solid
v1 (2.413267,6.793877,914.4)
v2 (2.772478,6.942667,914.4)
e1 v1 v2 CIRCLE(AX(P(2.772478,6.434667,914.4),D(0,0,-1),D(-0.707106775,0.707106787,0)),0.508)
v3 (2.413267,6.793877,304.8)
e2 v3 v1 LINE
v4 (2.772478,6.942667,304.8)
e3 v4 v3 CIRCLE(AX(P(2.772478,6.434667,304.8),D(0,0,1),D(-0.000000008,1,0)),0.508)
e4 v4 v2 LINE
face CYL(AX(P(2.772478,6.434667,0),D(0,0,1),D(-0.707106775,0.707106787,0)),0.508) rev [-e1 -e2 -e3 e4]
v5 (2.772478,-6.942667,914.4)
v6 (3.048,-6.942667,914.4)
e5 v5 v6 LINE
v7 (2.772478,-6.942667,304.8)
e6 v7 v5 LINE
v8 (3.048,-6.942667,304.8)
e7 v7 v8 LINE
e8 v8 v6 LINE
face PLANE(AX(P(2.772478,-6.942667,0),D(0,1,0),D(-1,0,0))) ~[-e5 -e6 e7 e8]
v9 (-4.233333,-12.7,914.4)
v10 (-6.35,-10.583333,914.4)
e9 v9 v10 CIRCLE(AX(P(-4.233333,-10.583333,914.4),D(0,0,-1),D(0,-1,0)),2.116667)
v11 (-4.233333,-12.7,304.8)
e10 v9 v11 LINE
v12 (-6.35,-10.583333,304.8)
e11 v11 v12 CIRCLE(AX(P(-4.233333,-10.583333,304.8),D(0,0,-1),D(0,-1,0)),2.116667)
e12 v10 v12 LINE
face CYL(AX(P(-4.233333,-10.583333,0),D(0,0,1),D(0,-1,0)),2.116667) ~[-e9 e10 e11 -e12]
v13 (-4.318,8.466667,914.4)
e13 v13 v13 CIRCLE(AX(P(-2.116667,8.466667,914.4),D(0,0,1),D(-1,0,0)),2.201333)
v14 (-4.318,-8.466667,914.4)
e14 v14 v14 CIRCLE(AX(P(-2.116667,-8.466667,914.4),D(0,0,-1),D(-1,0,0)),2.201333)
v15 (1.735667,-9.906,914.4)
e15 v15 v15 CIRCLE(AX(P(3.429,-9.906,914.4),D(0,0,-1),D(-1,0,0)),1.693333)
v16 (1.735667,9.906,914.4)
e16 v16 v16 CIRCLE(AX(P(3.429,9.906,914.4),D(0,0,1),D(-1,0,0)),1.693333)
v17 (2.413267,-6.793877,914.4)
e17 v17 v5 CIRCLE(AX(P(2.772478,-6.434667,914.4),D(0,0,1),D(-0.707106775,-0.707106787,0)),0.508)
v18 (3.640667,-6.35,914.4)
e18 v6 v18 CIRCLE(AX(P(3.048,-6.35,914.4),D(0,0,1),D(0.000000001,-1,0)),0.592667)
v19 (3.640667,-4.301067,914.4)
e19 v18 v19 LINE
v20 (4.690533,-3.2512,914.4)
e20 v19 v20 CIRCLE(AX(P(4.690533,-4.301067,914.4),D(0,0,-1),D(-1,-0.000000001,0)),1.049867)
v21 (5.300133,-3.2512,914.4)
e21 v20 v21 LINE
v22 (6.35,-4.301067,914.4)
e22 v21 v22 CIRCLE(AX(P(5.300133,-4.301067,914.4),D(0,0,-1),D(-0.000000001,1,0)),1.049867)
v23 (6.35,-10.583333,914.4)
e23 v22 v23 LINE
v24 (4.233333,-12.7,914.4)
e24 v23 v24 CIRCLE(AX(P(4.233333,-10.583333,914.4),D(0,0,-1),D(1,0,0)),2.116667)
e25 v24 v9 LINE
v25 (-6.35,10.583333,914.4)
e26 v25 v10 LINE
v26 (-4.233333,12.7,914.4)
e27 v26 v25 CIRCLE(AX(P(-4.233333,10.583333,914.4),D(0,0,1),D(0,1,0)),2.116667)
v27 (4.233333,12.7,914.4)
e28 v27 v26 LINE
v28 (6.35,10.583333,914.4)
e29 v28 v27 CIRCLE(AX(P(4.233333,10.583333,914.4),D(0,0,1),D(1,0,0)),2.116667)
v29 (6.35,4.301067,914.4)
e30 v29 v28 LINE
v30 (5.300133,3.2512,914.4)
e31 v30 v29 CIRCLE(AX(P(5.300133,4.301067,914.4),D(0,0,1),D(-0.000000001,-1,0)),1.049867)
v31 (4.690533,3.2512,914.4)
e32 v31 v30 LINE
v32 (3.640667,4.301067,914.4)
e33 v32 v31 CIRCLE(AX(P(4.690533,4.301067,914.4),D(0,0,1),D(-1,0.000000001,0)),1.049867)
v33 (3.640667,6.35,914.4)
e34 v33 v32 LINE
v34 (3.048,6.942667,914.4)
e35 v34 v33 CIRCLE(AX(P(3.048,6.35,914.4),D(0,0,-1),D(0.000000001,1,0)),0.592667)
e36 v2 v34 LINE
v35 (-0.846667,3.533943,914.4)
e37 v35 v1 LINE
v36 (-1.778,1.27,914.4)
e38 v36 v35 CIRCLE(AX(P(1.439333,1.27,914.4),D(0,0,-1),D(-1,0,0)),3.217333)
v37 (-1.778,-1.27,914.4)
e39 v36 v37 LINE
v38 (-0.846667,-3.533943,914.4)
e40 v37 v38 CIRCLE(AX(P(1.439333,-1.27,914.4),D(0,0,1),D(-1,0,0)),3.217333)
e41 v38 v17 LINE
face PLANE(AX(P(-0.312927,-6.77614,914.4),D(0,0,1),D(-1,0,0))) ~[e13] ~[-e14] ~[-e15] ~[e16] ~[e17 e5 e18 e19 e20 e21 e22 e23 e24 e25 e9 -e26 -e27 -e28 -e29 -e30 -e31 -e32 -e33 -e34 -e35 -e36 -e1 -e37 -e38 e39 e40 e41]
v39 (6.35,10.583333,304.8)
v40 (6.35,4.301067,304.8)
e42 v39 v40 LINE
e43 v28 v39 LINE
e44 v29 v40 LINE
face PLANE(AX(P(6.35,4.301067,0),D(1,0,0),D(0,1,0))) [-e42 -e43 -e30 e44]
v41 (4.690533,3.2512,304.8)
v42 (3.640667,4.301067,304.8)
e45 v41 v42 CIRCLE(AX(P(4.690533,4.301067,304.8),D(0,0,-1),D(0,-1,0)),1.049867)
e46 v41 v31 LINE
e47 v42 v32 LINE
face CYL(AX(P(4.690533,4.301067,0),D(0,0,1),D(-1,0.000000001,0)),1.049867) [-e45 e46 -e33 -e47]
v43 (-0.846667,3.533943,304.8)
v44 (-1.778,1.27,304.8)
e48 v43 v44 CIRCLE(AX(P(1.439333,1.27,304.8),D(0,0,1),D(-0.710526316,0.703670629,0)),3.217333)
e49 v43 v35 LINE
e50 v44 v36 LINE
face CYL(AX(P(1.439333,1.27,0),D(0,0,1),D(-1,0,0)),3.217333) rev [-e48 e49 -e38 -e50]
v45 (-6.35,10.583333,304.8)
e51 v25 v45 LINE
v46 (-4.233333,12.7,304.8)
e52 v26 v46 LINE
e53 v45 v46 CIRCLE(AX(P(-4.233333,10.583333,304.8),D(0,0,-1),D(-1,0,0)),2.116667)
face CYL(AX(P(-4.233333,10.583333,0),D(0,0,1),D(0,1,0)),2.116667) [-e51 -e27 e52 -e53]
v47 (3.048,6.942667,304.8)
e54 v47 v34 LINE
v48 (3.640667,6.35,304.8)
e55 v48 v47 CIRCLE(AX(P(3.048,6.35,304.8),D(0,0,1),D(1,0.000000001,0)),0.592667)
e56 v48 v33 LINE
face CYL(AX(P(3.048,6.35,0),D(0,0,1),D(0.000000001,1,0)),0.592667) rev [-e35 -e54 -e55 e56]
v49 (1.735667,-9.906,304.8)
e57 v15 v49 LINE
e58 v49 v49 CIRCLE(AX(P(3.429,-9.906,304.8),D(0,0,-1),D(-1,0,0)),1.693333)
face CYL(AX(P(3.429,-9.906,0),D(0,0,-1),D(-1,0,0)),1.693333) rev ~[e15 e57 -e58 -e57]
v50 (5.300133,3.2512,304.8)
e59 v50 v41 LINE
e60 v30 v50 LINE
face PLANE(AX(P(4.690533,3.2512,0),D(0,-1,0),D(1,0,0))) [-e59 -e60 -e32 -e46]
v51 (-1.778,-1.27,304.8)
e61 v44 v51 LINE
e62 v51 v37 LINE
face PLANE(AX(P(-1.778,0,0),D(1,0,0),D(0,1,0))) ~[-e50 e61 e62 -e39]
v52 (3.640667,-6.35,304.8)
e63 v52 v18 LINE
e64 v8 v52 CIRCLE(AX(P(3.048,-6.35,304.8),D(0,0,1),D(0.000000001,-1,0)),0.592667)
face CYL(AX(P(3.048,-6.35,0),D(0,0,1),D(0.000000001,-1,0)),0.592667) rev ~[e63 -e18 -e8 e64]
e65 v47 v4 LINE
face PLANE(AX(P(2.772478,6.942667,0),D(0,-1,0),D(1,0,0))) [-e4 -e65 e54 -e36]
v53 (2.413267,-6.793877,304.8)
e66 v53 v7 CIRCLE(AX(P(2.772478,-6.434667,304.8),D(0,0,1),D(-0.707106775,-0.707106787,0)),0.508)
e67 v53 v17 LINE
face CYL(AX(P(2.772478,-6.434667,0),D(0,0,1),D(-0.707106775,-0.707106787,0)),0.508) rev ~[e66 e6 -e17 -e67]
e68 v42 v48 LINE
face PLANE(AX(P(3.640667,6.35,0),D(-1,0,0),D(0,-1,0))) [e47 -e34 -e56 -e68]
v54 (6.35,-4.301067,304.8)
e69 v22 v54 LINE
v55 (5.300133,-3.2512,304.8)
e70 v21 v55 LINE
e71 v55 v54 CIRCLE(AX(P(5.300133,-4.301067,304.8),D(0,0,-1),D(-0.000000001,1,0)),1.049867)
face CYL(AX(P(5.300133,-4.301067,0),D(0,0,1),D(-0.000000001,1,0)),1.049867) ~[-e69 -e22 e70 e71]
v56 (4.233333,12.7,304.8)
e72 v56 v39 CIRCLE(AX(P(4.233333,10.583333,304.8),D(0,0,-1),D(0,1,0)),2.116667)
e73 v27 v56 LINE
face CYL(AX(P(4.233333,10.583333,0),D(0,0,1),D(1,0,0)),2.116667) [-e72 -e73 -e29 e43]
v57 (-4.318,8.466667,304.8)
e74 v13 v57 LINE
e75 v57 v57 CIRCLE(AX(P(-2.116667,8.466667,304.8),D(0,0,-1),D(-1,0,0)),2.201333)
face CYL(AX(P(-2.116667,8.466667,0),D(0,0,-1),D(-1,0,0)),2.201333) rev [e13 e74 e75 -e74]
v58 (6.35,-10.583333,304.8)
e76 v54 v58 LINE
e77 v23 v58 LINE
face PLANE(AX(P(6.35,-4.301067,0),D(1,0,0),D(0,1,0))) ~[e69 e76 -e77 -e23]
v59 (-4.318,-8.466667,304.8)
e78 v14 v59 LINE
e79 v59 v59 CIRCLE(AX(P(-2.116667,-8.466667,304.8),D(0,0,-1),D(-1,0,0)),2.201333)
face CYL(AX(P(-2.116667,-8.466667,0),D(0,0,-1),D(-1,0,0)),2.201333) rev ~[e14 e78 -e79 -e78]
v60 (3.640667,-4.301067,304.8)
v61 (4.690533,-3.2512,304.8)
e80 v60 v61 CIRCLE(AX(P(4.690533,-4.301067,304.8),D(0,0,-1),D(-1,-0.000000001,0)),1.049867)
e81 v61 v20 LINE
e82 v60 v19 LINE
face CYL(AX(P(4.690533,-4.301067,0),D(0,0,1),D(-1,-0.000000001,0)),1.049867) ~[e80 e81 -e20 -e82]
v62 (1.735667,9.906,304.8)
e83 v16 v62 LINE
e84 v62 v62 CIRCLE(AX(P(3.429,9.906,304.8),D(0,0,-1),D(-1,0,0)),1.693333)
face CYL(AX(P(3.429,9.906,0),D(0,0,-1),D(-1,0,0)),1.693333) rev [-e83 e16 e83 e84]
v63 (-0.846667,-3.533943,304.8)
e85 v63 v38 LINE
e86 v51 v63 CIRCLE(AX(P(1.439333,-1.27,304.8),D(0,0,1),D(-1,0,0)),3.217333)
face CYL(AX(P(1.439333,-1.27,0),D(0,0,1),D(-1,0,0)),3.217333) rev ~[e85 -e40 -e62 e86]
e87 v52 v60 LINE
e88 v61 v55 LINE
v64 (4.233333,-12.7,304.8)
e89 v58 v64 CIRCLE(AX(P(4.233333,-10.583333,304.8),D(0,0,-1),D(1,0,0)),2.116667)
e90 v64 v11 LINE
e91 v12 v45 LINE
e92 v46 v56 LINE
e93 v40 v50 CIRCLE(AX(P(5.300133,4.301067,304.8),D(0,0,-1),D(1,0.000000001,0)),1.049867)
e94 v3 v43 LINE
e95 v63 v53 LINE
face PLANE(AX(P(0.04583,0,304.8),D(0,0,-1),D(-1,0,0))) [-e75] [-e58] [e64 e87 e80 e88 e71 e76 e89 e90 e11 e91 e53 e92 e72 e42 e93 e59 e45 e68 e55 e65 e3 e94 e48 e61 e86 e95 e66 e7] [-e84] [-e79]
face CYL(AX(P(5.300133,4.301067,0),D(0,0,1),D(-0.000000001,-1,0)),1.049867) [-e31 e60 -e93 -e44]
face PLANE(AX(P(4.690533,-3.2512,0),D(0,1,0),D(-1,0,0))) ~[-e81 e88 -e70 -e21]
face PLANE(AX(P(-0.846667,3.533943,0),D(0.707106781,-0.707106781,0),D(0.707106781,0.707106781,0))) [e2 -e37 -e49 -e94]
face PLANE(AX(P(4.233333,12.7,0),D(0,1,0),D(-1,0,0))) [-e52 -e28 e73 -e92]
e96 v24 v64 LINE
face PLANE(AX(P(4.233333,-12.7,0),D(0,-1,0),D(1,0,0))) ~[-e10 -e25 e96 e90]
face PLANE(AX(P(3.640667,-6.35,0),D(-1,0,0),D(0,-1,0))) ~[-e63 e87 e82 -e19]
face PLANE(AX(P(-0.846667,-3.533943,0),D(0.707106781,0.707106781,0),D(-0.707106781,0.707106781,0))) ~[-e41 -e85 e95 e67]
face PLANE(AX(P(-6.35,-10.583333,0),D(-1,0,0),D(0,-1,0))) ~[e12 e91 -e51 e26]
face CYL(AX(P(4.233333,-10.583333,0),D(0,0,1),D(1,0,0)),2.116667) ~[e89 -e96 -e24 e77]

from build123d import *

# Parameters (mm, degrees)
SKETCH3_R           = 2.201333333
SKETCH3_R_2         = 1.693333333
BOSS_EXTRUDE1_DEPTH = 914.4
CUT_EXTRUDE1_START  = -1219.2
CUT_EXTRUDE1_DEPTH  = 1219.2


with BuildPart() as part:
    # Sketch3 → Boss-Extrude1 (new, symmetric)
    with BuildSketch(Plane.XY):
        with BuildLine():
            Line((-1.778, 0), (-1.778, 1.27))
            ThreePointArc((-1.778, 1.27), (-1.536070654, 2.494011801), (-0.846666667, 3.533942971))
            Line((-0.846666667, 3.533942971), (2.413267273, 6.793876912))
            ThreePointArc((2.413267273, 6.793876912), (2.578074335, 6.903997469), (2.772477518, 6.942666667))
            Line((2.772477518, 6.942666667), (3.048, 6.942666667))
            ThreePointArc((3.048, 6.942666667), (3.467078619, 6.769078619), (3.640666667, 6.35))
            Line((3.640666667, 6.35), (3.640666667, 4.301066667))
            ThreePointArc((3.640666667, 4.301066667), (3.948165494, 3.558698827), (4.690533333, 3.2512))
            Line((4.690533333, 3.2512), (5.300133333, 3.2512))
            ThreePointArc((5.300133333, 3.2512), (6.042501173, 3.558698827), (6.35, 4.301066667))
            Line((6.35, 4.301066667), (6.35, 10.583333333))
            ThreePointArc((6.35, 10.583333333), (5.730042687, 12.080042687), (4.233333333, 12.7))
            Line((4.233333333, 12.7), (-4.233333333, 12.7))
            ThreePointArc((-4.233333333, 12.7), (-5.730042687, 12.080042687), (-6.35, 10.583333333))
            Line((-6.35, 10.583333333), (-6.35, 0))
            Line((-6.35, 0), (-1.778, 0))
        make_face()
        with Locations(Location((-2.116666667, 8.466666667, 0), (0, 0, 180))):
            Circle(SKETCH3_R, mode=Mode.SUBTRACT)
        with Locations(Location((3.429, 9.906, 0), (0, 0, 180))):
            Circle(SKETCH3_R_2, mode=Mode.SUBTRACT)
    extrude(amount=BOSS_EXTRUDE1_DEPTH, both=True)

    # Mirror1: part across plane


with BuildPart() as part_1:
    add(part.part)
    add(part.part.mirror(Plane.ZX))

    # Sketch4 → Cut-Extrude1 (cut)
    with BuildSketch(Plane(origin=(0, 0, -914.4), x_dir=(-1, 0, 0), z_dir=(0, 0, -1)).offset(CUT_EXTRUDE1_START)):
        with BuildLine():
            Line((1.778, 1.27), (1.778, -1.27))
            ThreePointArc((1.778, -1.27), (1.536070654, -2.494011801), (0.846666667, -3.533942971))
            Line((0.846666667, -3.533942971), (-2.413267273, -6.793876912))
            ThreePointArc((-2.413267273, -6.793876912), (-2.578074335, -6.903997469), (-2.772477518, -6.942666667))
            Line((-2.772477518, -6.942666667), (-3.048, -6.942666667))
            ThreePointArc((-3.048, -6.942666667), (-3.467078619, -6.769078619), (-3.640666667, -6.35))
            Line((-3.640666667, -6.35), (-3.640666667, -4.301066667))
            ThreePointArc((-3.640666667, -4.301066667), (-3.948165494, -3.558698827), (-4.690533333, -3.2512))
            Line((-4.690533333, -3.2512), (-5.300133333, -3.2512))
            ThreePointArc((-5.300133333, -3.2512), (-6.042501173, -3.558698827), (-6.35, -4.301066667))
            Line((-6.35, -4.301066667), (-6.35, -10.583333333))
            ThreePointArc((-6.35, -10.583333333), (-5.730042687, -12.080042687), (-4.233333333, -12.7))
            Line((-4.233333333, -12.7), (4.233333333, -12.7))
            ThreePointArc((4.233333333, -12.7), (5.730042687, -12.080042687), (6.35, -10.583333333))
            Line((6.35, -10.583333333), (6.35, 10.583333333))
            ThreePointArc((6.35, 10.583333333), (5.730042687, 12.080042687), (4.233333333, 12.7))
            Line((4.233333333, 12.7), (-4.233333333, 12.7))
            ThreePointArc((-4.233333333, 12.7), (-5.730042687, 12.080042687), (-6.35, 10.583333333))
            Line((-6.35, 10.583333333), (-6.35, 4.301066667))
            ThreePointArc((-6.35, 4.301066667), (-6.042501173, 3.558698827), (-5.300133333, 3.2512))
            Line((-5.300133333, 3.2512), (-4.690533333, 3.2512))
            ThreePointArc((-4.690533333, 3.2512), (-3.948165494, 3.558698827), (-3.640666667, 4.301066667))
            Line((-3.640666667, 4.301066667), (-3.640666667, 6.35))
            ThreePointArc((-3.640666667, 6.35), (-3.467078619, 6.769078619), (-3.048, 6.942666667))
            Line((-3.048, 6.942666667), (-2.772477518, 6.942666667))
            ThreePointArc((-2.772477518, 6.942666667), (-2.578074335, 6.903997469), (-2.413267273, 6.793876912))
            Line((-2.413267273, 6.793876912), (0.846666667, 3.533942971))
            ThreePointArc((0.846666667, 3.533942971), (1.536070654, 2.494011801), (1.778, 1.27))
        make_face()
    extrude(amount=CUT_EXTRUDE1_DEPTH, mode=Mode.SUBTRACT)


solid = part_1.part
